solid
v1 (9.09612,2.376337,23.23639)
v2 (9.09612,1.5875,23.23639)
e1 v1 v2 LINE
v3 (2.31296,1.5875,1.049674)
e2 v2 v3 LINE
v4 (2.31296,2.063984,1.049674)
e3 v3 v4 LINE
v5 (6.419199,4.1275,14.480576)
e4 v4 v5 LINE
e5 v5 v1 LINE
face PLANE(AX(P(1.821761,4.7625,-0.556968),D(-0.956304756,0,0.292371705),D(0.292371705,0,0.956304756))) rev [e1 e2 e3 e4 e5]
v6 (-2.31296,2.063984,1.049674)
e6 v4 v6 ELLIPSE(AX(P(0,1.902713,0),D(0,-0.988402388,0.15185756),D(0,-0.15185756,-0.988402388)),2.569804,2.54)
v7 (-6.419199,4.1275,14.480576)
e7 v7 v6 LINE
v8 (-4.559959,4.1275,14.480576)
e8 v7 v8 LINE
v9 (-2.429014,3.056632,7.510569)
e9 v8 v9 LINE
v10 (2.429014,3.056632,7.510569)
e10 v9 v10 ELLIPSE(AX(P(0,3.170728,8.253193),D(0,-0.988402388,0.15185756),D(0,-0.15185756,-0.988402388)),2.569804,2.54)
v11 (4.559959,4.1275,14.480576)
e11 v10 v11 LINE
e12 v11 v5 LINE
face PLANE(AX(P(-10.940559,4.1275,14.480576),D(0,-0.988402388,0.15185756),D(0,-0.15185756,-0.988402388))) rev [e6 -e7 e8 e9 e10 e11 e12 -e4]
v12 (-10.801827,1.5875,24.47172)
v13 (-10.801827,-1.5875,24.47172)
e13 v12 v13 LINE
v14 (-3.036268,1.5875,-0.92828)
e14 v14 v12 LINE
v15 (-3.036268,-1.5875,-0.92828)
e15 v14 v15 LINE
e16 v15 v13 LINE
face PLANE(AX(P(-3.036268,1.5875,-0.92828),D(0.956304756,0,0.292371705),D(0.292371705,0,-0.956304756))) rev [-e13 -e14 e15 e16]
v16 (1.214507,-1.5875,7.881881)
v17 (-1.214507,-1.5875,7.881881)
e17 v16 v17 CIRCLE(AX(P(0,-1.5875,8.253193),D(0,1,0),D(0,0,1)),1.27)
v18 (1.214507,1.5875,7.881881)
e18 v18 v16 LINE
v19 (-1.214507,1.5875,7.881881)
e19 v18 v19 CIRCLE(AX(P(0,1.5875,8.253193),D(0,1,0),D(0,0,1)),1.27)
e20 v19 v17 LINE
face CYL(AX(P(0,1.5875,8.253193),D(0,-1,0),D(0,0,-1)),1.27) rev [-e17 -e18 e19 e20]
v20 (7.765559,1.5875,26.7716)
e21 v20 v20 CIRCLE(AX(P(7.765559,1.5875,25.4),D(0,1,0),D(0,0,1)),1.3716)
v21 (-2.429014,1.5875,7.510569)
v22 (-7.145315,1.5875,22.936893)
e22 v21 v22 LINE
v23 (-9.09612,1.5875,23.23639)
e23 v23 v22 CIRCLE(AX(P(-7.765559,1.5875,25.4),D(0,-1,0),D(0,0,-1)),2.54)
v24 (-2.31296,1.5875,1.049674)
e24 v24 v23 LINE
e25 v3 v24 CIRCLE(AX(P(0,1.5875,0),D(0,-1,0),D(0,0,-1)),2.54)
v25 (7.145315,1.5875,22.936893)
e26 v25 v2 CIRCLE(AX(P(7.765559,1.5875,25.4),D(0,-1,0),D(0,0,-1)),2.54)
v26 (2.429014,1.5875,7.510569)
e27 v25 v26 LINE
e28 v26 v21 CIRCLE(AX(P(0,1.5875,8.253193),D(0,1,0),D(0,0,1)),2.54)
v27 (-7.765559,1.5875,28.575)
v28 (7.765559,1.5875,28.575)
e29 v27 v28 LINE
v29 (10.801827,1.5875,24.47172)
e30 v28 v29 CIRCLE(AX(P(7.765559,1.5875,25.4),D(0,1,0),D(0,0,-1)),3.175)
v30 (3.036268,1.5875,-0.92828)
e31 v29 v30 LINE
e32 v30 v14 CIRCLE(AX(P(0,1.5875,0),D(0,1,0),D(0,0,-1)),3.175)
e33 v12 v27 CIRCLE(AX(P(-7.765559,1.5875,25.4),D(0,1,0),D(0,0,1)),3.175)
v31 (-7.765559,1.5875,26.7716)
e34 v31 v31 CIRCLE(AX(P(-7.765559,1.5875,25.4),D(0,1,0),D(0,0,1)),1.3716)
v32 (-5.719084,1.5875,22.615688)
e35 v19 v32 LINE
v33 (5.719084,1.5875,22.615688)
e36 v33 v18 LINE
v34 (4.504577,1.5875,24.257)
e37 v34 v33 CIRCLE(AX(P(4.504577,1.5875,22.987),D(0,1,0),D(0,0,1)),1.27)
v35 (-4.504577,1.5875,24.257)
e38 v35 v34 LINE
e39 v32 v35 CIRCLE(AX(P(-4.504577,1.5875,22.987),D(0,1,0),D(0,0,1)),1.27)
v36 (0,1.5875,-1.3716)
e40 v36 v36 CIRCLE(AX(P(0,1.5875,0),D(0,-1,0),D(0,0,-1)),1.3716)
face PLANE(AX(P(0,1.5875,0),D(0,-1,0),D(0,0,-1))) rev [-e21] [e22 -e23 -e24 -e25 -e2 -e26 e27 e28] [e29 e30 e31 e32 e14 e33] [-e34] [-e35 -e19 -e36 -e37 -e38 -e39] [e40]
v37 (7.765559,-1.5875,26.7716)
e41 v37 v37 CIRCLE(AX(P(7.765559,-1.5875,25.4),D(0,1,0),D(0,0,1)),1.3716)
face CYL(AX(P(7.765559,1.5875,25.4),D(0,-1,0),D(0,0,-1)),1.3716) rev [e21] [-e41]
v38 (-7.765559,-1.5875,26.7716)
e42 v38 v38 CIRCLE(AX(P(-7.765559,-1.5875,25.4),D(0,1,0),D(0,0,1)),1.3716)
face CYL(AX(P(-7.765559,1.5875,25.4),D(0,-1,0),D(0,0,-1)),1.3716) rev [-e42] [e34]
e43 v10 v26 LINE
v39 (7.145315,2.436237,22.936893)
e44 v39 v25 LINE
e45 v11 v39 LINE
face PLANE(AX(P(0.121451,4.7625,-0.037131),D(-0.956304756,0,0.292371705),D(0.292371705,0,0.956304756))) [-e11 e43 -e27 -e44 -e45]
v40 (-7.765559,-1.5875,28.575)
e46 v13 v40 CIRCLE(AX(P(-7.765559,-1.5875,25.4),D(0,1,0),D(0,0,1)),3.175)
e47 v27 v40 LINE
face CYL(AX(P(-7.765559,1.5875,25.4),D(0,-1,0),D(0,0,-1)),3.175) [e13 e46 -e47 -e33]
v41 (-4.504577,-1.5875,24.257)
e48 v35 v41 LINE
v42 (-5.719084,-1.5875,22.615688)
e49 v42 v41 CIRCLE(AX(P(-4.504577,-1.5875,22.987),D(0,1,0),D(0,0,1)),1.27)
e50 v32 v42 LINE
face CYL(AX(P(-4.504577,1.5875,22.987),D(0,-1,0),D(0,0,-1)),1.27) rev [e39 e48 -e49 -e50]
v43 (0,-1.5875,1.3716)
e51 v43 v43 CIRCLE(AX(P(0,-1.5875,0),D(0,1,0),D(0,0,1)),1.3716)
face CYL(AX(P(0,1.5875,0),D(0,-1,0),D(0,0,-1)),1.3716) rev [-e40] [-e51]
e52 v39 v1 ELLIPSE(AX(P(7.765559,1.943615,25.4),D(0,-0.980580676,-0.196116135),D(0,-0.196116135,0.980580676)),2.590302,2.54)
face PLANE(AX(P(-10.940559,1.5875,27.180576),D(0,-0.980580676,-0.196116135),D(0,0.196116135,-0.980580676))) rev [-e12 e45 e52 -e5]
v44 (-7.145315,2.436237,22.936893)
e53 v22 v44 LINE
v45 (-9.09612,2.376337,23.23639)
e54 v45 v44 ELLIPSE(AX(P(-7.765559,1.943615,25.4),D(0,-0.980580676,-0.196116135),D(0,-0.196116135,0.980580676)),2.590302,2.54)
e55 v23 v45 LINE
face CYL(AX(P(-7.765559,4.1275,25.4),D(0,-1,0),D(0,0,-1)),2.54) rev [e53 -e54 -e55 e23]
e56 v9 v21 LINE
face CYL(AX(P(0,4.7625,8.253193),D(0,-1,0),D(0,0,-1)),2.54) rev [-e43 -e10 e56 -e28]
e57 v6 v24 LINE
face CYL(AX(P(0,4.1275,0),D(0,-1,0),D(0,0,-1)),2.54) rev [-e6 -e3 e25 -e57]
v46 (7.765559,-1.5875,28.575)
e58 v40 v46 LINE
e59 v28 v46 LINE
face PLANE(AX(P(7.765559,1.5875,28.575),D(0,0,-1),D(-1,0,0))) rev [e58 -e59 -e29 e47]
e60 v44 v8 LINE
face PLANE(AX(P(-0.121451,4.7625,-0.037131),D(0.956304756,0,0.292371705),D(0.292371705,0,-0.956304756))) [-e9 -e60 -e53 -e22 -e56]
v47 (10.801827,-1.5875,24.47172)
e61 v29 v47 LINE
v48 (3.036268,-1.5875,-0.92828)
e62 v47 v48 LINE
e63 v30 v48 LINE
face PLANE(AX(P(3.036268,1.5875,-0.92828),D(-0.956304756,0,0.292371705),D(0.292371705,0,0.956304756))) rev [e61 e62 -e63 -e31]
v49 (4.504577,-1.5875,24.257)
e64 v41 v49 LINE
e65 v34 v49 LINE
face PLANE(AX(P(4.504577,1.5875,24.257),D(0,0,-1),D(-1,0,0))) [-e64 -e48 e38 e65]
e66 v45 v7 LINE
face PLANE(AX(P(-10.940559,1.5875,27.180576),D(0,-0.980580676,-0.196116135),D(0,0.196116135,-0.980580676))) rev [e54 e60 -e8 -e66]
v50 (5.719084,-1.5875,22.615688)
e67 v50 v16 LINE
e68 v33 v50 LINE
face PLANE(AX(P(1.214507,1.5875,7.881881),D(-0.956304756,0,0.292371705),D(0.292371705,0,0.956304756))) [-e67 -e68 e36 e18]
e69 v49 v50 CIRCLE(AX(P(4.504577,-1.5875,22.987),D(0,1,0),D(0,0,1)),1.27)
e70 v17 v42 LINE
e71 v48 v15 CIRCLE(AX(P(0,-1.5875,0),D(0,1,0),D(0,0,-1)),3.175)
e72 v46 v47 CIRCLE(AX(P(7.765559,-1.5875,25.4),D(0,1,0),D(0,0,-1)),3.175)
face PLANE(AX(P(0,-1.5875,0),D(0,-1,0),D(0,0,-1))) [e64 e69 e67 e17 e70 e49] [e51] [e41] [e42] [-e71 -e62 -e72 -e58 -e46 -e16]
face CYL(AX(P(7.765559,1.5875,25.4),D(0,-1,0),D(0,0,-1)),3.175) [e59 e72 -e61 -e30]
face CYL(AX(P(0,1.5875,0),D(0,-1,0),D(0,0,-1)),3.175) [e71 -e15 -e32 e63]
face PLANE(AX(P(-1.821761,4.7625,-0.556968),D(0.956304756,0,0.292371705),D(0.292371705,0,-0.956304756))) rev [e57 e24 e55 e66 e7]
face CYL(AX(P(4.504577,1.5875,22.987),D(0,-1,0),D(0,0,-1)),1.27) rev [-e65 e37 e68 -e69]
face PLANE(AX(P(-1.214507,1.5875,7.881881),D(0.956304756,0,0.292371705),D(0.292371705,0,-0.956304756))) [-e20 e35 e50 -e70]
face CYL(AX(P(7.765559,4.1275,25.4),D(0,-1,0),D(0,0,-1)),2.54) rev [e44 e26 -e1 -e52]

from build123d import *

# Parameters (mm, degrees)
SKETCH1_R        = 1.3716
BODY_DEPTH       = 1.5875
SKETCH2_R        = 1.3716
RIB_DEPTH        = 3.175
ANGLE_DEPTH      = 11.940559309
ANGLE_DEPTH_BACK = 11.940559309
BOLT_START       = -3.175
SKETCH5_R        = 2.54
BOLT_HOLE_DEPTH  = 2.54


with BuildPart() as part:
    # Sketch1 → Body (new body, symmetric)
    with BuildSketch(Plane(origin=(0, 0, 0), x_dir=(1, 0, 0), z_dir=(0, 1, 0))):
        with BuildLine():
            Line((-3.0362676, 0.928280162), (-10.801826909, -24.471719838))
            ThreePointArc((-10.801826909, -24.471719838), (-10.317804842, -27.288562348), (-7.765559309, -28.575))
            Line((-7.765559309, -28.575), (7.765559309, -28.575))
            ThreePointArc((7.765559309, -28.575), (10.317804842, -27.288562348), (10.801826909, -24.471719838))
            Line((10.801826909, -24.471719838), (3.0362676, 0.928280162))
            ThreePointArc((3.0362676, 0.928280162), (0, 3.175), (-3.0362676, 0.928280162))
        make_face()
        Circle(SKETCH1_R, mode=Mode.SUBTRACT)
        with Locations((-7.765559309, -25.4)):
            Circle(SKETCH1_R, mode=Mode.SUBTRACT)
        with Locations((7.765559309, -25.4)):
            Circle(SKETCH1_R, mode=Mode.SUBTRACT)
        with BuildLine():
            Line((-1.21450704, -7.88188057), (-5.719084006, -22.615687935))
            ThreePointArc((-5.719084006, -22.615687935), (-5.525475179, -23.742424939), (-4.504576966, -24.257))
            Line((-4.504576966, -24.257), (4.504576966, -24.257))
            ThreePointArc((4.504576966, -24.257), (5.525475179, -23.742424939), (5.719084006, -22.615687935))
            Line((5.719084006, -22.615687935), (1.21450704, -7.88188057))
            ThreePointArc((1.21450704, -7.88188057), (0, -6.983192635), (-1.21450704, -7.88188057))
        make_face(mode=Mode.SUBTRACT)
    extrude(amount=BODY_DEPTH, both=True)

    # Sketch2 → Rib (add)
    with BuildSketch(Plane(origin=(0, 1.5875, 0), x_dir=(1, 0, 0), z_dir=(0, 1, 0))):
        with BuildLine():
            Line((-7.487715721, -24.056836011), (-6.933591046, -22.24437587))
            Line((-6.933591046, -22.24437587), (-2.42901408, -7.510568505))
            ThreePointArc((-2.42901408, -7.510568505), (0, -5.713192635), (2.42901408, -7.510568505))
            Line((2.42901408, -7.510568505), (6.933591046, -22.24437587))
            Line((6.933591046, -22.24437587), (7.487715721, -24.056836011))
            ThreePointArc((7.487715721, -24.056836011), (8.631641376, -24.336426583), (9.137159309, -25.4))
            ThreePointArc((9.137159309, -25.4), (8.904756482, -26.163882426), (8.286304306, -26.668901576))
            Line((8.286304306, -26.668901576), (8.442739025, -27.180576489))
            ThreePointArc((8.442739025, -27.180576489), (9.476466758, -26.237747397), (9.587319869, -24.843031903))
            Line((9.587319869, -24.843031903), (1.82176056, 0.556968097))
            ThreePointArc((1.82176056, 0.556968097), (0, 1.905), (-1.82176056, 0.556968097))
            Line((-1.82176056, 0.556968097), (-9.587319869, -24.843031903))
            ThreePointArc((-9.587319869, -24.843031903), (-9.476466758, -26.237747397), (-8.442739025, -27.180576489))
            Line((-8.442739025, -27.180576489), (-8.286304306, -26.668901576))
            ThreePointArc((-8.286304306, -26.668901576), (-9.077226912, -24.99898297), (-7.487715721, -24.056836011))
        make_face()
        Circle(SKETCH2_R, mode=Mode.SUBTRACT)
    extrude(amount=RIB_DEPTH)

    # Sketch6 → Angle (cut, two sides)
    with BuildSketch(Plane(origin=(0, 0, 0), x_dir=(0, 0, -1), z_dir=(1, 0, 0))) as angle_sk:
        Polygon((-14.480576489, 4.1275), (2.051640081, 1.5875), (2.051640081, 8.789734229), (-27.180576489, 8.789734229), (-27.180576489, 1.5875), align=None)
    extrude(amount=ANGLE_DEPTH, mode=Mode.SUBTRACT)
    extrude(angle_sk.sketch, amount=-ANGLE_DEPTH_BACK, mode=Mode.SUBTRACT)

    # Sketch5 → Bolt hole (cut)
    with BuildSketch(Plane.XZ.offset(1.5875).offset(BOLT_START)):
        Circle(SKETCH5_R)
        with Locations((7.765559309, 25.4)):
            Circle(SKETCH5_R)
        with Locations((-7.765559309, 25.4)):
            Circle(SKETCH5_R)
    extrude(amount=-BOLT_HOLE_DEPTH, mode=Mode.SUBTRACT)


solid = part.part
